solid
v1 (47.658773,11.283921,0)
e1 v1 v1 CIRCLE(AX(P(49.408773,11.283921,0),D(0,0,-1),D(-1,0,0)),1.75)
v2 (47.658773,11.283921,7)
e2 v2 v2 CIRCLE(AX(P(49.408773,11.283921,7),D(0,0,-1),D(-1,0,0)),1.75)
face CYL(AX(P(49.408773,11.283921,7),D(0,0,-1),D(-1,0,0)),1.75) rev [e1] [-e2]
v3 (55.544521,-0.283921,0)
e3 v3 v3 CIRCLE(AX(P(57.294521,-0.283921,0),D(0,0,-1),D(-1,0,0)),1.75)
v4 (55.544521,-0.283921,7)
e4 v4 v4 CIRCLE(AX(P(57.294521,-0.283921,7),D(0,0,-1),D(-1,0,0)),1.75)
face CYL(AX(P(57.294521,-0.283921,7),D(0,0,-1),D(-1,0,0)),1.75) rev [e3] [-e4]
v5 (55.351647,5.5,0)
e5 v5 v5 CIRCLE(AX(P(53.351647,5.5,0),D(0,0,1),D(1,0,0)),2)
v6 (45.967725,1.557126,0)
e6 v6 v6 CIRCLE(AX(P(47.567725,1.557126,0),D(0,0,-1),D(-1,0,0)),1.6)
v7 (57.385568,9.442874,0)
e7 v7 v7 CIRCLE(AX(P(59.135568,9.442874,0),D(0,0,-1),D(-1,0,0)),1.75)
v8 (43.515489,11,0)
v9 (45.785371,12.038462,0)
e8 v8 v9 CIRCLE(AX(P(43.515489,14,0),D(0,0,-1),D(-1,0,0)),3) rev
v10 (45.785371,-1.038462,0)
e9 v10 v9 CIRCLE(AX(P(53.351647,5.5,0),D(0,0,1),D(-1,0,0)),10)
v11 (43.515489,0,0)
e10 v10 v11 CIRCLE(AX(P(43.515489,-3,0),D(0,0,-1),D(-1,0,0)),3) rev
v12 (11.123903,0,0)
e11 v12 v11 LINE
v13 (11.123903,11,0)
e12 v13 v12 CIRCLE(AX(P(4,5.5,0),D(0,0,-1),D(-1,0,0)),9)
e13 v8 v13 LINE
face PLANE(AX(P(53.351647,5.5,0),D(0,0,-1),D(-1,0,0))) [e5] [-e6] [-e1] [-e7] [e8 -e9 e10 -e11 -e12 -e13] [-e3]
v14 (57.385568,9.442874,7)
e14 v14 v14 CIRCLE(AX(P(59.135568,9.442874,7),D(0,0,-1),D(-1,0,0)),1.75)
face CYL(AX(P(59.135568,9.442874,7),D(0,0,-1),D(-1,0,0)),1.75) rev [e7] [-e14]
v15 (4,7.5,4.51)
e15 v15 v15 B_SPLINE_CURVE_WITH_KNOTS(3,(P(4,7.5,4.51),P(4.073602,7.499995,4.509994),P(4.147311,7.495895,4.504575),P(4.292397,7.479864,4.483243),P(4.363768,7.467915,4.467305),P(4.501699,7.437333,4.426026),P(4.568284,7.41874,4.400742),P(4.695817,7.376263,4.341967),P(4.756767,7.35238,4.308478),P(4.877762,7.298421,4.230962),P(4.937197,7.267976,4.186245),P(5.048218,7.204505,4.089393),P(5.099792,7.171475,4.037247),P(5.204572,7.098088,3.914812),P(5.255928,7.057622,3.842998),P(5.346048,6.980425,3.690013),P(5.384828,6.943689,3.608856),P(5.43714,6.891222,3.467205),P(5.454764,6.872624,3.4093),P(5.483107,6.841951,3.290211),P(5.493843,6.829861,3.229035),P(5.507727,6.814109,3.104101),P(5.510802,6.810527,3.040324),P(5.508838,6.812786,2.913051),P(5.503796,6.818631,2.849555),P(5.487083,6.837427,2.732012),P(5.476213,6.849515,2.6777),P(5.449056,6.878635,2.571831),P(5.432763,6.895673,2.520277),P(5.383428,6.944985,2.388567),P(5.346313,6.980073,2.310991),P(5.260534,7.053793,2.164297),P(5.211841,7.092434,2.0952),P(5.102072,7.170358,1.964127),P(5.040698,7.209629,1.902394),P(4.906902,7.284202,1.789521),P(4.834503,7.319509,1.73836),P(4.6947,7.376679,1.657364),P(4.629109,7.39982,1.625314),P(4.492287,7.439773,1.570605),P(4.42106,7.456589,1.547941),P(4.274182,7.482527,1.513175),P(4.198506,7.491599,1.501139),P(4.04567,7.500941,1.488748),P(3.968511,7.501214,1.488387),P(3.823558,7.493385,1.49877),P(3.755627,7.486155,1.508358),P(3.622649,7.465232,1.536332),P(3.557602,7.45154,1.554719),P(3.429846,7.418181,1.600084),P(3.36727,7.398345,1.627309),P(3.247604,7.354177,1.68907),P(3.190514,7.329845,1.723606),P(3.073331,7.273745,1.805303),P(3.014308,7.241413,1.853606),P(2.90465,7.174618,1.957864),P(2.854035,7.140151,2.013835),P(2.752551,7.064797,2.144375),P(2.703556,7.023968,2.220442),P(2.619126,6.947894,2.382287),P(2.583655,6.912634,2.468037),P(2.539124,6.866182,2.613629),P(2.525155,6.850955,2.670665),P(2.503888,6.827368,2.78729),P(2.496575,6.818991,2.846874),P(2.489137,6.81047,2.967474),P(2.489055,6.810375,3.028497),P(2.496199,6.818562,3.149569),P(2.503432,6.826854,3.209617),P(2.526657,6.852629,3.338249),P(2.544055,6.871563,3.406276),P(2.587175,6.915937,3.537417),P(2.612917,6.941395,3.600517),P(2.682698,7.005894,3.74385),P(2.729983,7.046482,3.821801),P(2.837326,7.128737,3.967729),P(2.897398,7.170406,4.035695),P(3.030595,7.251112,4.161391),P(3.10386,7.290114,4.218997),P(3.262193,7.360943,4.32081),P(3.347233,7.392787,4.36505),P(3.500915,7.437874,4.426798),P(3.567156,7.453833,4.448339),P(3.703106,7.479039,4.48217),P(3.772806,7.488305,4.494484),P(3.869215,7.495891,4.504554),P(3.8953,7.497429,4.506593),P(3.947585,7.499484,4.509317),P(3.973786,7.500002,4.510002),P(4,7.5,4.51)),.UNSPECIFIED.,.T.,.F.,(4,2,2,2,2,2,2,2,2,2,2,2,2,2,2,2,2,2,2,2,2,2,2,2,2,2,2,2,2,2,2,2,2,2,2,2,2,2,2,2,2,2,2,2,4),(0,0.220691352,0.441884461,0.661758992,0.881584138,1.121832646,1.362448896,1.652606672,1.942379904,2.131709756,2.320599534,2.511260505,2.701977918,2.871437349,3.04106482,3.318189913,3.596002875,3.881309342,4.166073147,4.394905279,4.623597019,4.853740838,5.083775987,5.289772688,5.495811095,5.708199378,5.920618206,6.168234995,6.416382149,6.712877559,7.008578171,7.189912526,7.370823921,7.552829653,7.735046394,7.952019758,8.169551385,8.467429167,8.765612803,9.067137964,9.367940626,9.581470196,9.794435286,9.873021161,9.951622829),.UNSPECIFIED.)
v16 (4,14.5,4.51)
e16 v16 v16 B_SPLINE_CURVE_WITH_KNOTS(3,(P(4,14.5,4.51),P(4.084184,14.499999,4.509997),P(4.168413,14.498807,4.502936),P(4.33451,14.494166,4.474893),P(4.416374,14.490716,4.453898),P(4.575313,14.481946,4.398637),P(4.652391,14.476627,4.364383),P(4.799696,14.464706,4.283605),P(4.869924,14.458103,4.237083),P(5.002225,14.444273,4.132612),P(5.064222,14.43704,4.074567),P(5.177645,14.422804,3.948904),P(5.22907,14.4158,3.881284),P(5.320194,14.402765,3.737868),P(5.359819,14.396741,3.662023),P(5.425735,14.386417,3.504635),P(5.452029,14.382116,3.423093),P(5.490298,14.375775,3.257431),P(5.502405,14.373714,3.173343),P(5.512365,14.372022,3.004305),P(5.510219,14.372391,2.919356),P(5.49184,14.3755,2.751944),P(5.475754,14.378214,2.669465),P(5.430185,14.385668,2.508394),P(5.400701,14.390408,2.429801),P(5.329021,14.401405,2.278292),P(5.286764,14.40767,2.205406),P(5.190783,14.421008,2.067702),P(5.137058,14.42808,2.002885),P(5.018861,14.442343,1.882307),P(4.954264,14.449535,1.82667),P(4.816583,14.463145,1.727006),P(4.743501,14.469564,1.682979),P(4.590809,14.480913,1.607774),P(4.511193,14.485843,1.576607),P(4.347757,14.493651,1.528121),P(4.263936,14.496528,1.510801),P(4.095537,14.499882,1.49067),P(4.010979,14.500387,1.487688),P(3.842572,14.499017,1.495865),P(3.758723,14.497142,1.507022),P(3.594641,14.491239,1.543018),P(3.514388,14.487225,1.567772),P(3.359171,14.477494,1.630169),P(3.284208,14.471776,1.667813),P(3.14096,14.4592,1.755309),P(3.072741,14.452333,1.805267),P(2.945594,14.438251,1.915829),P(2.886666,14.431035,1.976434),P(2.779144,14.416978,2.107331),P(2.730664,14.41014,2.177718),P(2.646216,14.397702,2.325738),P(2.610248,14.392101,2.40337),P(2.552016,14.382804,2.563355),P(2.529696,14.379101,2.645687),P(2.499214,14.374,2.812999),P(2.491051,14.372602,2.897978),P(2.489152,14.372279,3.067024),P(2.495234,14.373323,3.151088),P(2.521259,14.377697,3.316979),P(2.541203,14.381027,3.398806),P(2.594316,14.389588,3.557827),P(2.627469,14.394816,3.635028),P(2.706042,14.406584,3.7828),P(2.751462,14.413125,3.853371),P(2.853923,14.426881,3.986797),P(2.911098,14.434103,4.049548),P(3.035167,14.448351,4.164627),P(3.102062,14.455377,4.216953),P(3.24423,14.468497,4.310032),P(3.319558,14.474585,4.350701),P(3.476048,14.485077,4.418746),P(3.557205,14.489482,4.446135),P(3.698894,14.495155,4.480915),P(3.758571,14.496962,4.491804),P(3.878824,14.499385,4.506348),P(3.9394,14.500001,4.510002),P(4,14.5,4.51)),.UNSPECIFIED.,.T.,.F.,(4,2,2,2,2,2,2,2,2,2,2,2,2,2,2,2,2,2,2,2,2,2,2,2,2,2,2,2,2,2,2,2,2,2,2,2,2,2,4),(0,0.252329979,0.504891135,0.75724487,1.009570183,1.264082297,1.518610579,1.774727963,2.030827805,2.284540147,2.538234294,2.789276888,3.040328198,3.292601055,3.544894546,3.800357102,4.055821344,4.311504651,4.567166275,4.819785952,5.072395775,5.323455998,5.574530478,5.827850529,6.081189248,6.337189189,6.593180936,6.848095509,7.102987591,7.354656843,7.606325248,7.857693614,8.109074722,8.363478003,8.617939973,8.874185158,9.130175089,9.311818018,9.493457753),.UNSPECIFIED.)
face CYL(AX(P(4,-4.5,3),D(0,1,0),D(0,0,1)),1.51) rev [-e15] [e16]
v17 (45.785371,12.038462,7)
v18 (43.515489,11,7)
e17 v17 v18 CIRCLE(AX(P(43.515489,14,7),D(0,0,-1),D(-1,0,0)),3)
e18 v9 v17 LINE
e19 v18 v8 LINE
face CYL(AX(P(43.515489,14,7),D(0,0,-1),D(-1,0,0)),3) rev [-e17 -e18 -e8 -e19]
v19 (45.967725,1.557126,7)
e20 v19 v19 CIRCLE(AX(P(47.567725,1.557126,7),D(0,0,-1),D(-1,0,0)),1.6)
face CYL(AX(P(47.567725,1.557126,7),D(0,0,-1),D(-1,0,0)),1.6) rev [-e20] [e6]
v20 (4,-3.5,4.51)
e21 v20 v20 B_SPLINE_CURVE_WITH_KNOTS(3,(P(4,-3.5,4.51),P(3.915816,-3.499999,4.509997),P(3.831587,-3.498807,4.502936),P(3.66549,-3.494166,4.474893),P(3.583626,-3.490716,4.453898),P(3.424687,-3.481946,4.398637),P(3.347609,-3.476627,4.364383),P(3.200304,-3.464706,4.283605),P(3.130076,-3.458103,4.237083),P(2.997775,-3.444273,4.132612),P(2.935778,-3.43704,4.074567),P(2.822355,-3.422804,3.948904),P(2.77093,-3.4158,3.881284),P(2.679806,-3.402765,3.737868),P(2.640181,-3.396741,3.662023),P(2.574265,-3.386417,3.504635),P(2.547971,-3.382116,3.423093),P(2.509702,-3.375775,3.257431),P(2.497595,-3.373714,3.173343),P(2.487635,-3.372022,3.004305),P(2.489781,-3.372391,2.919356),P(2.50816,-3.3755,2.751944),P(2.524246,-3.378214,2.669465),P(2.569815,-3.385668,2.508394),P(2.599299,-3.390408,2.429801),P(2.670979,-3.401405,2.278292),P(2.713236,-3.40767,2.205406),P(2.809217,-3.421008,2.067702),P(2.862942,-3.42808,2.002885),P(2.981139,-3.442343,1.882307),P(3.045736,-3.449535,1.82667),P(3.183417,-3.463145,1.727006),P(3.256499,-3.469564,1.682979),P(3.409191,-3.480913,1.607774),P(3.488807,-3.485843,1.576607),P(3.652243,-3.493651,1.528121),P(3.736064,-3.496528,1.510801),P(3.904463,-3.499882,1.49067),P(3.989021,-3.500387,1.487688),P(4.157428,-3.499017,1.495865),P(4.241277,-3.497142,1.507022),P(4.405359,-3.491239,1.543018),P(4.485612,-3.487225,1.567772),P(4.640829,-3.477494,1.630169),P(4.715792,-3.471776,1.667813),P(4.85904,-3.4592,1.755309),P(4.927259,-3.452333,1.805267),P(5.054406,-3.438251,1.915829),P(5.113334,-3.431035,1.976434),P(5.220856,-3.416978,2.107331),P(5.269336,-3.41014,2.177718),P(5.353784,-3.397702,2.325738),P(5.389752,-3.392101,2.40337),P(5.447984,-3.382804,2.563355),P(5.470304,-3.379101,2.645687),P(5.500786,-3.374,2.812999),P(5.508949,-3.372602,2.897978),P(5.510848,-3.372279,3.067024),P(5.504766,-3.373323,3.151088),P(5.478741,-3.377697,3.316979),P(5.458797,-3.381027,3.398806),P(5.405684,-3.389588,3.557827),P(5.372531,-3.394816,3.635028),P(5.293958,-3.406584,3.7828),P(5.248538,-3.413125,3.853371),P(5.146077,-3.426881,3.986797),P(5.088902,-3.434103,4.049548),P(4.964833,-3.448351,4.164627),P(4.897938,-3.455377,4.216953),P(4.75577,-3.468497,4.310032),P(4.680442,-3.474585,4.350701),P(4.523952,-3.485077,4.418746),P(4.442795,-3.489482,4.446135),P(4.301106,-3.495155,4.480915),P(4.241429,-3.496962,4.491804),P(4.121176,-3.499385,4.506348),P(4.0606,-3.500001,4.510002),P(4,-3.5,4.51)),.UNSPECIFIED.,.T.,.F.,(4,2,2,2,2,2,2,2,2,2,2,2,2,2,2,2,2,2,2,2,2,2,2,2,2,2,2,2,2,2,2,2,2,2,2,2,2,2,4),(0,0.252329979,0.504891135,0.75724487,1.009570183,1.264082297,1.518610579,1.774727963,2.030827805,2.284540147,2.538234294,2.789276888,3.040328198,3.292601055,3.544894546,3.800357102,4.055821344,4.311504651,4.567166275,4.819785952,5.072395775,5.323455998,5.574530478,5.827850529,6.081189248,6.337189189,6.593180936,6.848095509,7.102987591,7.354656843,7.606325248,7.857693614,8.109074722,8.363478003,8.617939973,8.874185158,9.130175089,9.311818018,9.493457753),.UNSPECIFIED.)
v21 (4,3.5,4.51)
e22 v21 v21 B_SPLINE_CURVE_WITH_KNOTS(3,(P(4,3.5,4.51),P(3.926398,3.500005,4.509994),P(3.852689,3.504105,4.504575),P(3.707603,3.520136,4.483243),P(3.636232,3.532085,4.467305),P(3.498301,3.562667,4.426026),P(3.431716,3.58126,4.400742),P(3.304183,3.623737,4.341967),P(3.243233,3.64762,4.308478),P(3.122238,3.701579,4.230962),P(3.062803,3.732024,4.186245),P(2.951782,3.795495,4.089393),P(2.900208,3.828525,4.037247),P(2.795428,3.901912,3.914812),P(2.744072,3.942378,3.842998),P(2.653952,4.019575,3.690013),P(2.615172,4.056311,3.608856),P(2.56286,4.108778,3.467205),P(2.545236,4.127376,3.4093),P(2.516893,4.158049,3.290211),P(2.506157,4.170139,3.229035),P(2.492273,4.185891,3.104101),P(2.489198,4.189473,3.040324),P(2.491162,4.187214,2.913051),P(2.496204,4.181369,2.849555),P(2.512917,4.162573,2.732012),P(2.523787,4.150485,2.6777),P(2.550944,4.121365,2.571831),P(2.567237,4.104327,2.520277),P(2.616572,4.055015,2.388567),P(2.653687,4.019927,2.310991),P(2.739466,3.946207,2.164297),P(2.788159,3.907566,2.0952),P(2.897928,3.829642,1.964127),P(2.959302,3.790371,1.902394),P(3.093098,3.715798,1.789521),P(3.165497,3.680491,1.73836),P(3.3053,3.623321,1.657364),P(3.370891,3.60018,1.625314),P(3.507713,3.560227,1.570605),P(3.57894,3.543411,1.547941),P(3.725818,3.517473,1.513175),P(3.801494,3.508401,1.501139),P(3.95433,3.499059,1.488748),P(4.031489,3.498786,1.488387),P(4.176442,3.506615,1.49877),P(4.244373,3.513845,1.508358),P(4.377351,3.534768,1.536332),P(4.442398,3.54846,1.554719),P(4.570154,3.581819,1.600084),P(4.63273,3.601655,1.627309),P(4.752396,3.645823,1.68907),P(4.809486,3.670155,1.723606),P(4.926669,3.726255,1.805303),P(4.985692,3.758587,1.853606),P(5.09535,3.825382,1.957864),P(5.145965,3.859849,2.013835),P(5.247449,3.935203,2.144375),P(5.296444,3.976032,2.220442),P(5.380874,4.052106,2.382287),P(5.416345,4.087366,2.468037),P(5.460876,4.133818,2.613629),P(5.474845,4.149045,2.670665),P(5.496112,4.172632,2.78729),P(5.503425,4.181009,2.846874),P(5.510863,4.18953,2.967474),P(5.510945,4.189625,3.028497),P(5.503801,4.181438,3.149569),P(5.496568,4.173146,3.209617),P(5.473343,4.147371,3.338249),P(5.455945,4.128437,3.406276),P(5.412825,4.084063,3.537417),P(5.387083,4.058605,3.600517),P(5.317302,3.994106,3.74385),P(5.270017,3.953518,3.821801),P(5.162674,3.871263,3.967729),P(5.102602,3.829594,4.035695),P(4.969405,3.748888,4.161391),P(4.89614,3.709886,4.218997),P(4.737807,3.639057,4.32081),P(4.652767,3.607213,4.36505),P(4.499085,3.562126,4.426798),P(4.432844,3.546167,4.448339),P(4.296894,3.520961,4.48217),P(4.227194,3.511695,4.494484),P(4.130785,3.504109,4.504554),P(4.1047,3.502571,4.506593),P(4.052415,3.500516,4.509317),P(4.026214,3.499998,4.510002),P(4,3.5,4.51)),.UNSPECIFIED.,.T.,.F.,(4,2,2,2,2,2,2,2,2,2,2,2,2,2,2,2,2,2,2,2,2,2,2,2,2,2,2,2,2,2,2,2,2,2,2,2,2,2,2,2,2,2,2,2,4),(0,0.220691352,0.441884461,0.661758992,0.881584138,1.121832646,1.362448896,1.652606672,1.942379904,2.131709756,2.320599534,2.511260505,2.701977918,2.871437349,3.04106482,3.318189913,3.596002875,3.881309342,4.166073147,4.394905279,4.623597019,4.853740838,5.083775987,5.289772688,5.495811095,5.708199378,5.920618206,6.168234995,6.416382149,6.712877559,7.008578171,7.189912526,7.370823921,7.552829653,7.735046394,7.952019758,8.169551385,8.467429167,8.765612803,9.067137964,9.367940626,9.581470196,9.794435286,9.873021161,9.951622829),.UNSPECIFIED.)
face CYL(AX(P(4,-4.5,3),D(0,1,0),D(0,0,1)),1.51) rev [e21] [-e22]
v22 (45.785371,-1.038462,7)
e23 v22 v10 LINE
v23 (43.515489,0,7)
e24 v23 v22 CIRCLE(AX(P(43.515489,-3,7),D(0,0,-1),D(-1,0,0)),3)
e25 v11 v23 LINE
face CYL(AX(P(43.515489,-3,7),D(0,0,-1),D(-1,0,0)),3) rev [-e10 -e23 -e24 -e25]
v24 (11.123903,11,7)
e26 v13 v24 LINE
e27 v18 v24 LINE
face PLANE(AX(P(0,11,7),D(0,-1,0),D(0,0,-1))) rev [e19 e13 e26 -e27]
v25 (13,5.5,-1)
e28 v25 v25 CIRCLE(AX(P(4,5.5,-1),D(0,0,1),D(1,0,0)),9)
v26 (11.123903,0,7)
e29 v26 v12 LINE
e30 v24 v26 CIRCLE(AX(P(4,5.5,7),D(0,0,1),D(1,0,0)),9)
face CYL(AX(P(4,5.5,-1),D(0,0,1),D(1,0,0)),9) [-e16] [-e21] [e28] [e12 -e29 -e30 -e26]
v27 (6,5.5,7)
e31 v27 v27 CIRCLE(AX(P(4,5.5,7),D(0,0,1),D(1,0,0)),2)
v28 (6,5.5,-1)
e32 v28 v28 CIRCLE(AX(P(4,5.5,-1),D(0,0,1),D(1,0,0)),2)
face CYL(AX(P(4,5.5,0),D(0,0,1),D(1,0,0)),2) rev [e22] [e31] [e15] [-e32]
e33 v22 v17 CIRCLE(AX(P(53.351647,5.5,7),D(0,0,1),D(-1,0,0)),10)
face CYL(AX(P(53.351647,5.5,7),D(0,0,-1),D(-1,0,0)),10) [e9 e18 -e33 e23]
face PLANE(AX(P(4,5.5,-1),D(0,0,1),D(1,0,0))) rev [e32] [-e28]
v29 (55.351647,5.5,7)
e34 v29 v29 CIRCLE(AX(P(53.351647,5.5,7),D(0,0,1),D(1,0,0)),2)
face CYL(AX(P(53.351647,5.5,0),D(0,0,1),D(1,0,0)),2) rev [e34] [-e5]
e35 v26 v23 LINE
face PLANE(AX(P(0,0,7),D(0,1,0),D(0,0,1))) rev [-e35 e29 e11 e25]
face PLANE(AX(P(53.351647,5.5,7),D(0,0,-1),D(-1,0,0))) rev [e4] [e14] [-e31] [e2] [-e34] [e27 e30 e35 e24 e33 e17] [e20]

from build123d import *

# Parameters (mm, degrees)
BOSS_EXTRUDE1_DEPTH      = 7
SKETCH2_R                = 2
CUT_EXTRUDE1_DEPTH       = 66.594825405
FILLET11_R               = 3
SKETCH32_R               = 2
CUT_EXTRUDE14_DEPTH      = 66.594825405
SKETCH33_R               = 9
SKETCH33_R_2             = 2
BOSS_EXTRUDE2_DEPTH      = 8
SKETCH35_R               = 1.6
SKETCH35_R_2             = 1.75
CUT_EXTRUDE15_DEPTH      = 66.594825405
CUT_EXTRUDE16_DEPTH      = 65.51690569
CUT_EXTRUDE16_DEPTH_BACK = 65.51690569
SKETCH37_R               = 1.51


with BuildPart() as part:
    # Sketch1 → Boss-Extrude1 (new body)
    with BuildSketch(Plane.XY):
        with BuildLine():
            Line((0, 11), (0, 0))
            Line((0, 0), (45, 0))
            ThreePointArc((45, 0), (63.351646544, 5.5), (45, 11))
            Line((45, 11), (0, 11))
        make_face()
    extrude(amount=BOSS_EXTRUDE1_DEPTH)

    # Sketch2 → Cut-Extrude1 (cut, through all)
    with BuildSketch(Plane.XY.offset(7)):
        with Locations((53.351646544, 5.5)):
            Circle(SKETCH2_R)
        with Locations((-8.351646544, 5.5)):
            Circle(SKETCH2_R)
    extrude(amount=-CUT_EXTRUDE1_DEPTH, mode=Mode.SUBTRACT)

    # Fillet11
    fillet11_edges = [part.edges().sort_by_distance(p)[0] for p in [
        (45, 11, 3.5),
        (45, 0, 3.5),
    ]]
    fillet(fillet11_edges, radius=FILLET11_R)

    # Sketch32 → Cut-Extrude14 (cut, through all)
    with BuildSketch(Plane.XY.offset(7)):
        with Locations((4, 5.5)):
            Circle(SKETCH32_R)
    extrude(amount=-CUT_EXTRUDE14_DEPTH, mode=Mode.SUBTRACT)

    # Sketch33 → Boss-Extrude2 (add)
    with BuildSketch(Plane.XY.offset(7)):
        with Locations((4, 5.5)):
            Circle(SKETCH33_R)
        with Locations((4, 5.5)):
            Circle(SKETCH33_R_2, mode=Mode.SUBTRACT)
    extrude(amount=-BOSS_EXTRUDE2_DEPTH)

    # Sketch35 → Cut-Extrude15 (cut, through all)
    with BuildSketch(Plane(origin=(0, 0, 0), x_dir=(-1, 0, 0), z_dir=(0, 0, -1))):
        with Locations((-47.567725348, 1.557125972)):
            Circle(SKETCH35_R)
        with Locations((-57.294520572, -0.283921196)):
            Circle(SKETCH35_R_2)
        with Locations((-59.13556774, 9.442874028)):
            Circle(SKETCH35_R_2)
        with Locations((-49.408772516, 11.283921196)):
            Circle(SKETCH35_R_2)
    extrude(amount=-CUT_EXTRUDE15_DEPTH, mode=Mode.SUBTRACT)

    # Sketch37 → Cut-Extrude16 (cut, two sides: drawn at the far end of the back side and taken through both)
    with BuildSketch(Plane(origin=(0, 5.5, 0), x_dir=(1, 0, 0), z_dir=(0, 1, 0)).offset(-CUT_EXTRUDE16_DEPTH_BACK)):
        with Locations(Location((4, -3, 0), (0, 0, 270))):
            Circle(SKETCH37_R)
    extrude(amount=CUT_EXTRUDE16_DEPTH + CUT_EXTRUDE16_DEPTH_BACK, mode=Mode.SUBTRACT)


solid = part.part
